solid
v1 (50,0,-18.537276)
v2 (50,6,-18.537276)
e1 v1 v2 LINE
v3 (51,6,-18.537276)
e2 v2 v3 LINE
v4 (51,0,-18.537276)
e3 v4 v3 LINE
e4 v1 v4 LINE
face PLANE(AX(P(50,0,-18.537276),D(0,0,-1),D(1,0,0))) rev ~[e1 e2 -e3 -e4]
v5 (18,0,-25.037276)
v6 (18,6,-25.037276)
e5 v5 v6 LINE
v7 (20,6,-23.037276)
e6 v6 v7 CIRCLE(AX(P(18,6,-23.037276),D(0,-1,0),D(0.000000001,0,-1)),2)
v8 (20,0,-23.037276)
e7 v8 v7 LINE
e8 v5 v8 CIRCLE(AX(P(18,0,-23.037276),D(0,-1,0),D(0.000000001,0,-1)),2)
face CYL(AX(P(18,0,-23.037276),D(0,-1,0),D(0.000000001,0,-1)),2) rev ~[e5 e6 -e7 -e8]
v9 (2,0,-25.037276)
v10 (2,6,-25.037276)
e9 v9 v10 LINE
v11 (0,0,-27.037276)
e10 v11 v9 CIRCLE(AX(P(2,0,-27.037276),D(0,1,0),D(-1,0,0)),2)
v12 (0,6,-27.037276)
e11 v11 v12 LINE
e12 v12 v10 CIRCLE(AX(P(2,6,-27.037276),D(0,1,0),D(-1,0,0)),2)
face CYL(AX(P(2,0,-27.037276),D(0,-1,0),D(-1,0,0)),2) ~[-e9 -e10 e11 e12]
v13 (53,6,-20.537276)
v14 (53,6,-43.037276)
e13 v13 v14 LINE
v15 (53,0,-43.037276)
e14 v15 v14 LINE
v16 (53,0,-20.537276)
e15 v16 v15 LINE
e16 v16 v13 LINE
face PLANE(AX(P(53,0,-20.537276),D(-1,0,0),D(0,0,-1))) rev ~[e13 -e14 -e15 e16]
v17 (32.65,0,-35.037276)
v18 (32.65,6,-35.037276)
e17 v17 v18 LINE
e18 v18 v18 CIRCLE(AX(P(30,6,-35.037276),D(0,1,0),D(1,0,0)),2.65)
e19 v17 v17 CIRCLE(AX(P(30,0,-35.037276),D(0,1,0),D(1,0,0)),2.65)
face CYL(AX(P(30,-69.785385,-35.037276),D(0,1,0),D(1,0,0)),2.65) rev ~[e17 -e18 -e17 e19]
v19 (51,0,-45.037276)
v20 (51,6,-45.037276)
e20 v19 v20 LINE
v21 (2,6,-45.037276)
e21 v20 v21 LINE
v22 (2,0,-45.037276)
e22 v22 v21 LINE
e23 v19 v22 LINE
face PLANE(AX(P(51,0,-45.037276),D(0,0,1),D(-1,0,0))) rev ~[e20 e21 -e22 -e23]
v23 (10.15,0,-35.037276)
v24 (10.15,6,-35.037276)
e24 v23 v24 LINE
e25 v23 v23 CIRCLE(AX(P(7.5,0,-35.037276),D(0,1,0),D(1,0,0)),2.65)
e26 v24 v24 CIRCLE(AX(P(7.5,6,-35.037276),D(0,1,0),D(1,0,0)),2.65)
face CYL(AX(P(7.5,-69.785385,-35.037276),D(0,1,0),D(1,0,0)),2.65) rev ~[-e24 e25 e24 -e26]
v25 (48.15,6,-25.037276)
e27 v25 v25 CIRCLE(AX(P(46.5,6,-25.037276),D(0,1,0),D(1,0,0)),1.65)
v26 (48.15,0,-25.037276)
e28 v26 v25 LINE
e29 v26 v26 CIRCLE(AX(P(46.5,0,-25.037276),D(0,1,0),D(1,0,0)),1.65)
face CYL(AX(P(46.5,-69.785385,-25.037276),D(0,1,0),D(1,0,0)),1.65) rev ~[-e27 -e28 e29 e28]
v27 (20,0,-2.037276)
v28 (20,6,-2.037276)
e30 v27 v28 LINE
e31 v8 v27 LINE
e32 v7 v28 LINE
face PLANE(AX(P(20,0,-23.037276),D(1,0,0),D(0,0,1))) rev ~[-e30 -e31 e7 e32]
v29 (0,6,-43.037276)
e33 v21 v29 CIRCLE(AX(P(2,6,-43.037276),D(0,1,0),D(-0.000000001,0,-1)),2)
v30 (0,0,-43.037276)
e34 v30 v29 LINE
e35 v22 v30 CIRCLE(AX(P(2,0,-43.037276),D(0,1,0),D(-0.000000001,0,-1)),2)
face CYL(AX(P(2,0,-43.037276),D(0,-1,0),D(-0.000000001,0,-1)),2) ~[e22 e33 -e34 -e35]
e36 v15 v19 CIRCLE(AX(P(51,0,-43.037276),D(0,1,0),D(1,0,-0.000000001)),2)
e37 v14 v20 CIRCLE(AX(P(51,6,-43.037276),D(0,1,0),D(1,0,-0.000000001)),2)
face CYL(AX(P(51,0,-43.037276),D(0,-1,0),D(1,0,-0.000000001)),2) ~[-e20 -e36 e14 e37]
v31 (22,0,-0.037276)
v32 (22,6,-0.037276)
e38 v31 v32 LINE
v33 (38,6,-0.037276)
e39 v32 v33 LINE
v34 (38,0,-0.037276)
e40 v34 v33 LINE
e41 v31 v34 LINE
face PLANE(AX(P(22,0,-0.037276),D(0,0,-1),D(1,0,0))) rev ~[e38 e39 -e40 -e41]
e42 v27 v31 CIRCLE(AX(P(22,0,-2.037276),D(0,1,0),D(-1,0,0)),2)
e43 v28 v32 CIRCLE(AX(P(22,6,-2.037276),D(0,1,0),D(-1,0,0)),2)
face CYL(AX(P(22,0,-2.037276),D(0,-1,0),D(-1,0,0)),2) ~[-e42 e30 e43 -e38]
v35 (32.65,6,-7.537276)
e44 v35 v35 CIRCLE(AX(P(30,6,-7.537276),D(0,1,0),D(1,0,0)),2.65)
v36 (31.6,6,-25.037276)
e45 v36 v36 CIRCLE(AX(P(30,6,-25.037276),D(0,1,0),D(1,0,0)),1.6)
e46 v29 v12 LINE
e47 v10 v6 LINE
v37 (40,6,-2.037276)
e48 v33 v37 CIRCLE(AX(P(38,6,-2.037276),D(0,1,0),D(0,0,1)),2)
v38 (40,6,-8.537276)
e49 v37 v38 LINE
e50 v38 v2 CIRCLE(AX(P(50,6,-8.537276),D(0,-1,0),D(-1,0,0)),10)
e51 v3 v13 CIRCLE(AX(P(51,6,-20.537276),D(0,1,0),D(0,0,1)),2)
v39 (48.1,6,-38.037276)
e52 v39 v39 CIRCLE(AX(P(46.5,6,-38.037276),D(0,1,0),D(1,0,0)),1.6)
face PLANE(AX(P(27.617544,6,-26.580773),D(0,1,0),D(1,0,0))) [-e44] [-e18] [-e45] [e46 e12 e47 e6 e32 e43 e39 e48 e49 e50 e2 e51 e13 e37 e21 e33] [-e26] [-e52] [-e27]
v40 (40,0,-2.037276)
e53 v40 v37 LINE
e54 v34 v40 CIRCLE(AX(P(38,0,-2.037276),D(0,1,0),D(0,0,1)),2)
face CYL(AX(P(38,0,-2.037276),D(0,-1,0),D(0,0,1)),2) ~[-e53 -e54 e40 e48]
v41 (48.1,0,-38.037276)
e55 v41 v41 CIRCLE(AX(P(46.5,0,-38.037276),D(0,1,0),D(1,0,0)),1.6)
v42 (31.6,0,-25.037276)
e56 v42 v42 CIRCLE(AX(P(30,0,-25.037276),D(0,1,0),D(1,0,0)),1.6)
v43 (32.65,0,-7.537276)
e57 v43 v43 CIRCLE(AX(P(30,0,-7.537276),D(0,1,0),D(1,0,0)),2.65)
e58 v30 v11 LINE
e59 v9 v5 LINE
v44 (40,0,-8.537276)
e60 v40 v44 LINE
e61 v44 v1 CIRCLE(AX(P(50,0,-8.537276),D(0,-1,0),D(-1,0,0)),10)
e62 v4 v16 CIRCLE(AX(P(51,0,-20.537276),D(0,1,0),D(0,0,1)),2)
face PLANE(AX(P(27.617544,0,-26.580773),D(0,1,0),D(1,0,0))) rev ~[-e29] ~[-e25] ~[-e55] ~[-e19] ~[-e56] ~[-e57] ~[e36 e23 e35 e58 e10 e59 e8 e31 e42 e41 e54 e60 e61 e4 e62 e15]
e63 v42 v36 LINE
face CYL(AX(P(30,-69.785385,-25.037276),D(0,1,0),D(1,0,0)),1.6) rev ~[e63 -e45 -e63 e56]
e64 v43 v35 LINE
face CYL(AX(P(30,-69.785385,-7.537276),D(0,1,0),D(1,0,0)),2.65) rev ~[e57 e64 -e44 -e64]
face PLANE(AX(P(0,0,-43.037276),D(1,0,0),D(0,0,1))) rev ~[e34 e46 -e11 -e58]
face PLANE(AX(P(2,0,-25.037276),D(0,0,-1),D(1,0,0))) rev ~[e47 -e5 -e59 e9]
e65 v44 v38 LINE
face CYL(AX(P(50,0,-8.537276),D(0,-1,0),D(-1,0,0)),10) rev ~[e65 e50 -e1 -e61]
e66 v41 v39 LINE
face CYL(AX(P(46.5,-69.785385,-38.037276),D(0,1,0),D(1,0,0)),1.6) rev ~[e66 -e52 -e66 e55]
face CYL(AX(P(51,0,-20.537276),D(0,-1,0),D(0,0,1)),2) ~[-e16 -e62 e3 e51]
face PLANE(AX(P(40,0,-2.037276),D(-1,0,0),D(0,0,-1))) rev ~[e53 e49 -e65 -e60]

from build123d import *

# Parameters (mm, degrees)
BOSS_EXTRUDE1_DEPTH   = 6
M5_CLEARANCE_HOLE1_D  = 5.3
M3_CLEARANCE_HOLE1_D  = 3.2
M4X0_7_TAPPED_HOLE1_D = 3.3


with BuildPart() as part:
    # Sketch1 → Boss-Extrude1 (new body)
    with BuildSketch(Plane(origin=(0, 0, 0), x_dir=(1, 0, 0), z_dir=(0, 1, 0))):
        with BuildLine():
            Line((22, 0.037275986), (38, 0.037275986))
            ThreePointArc((38, 0.037275986), (39.414213562, 0.623062423), (40, 2.037275986))
            Line((40, 2.037275986), (40, 8.537275986))
            ThreePointArc((40, 8.537275986), (42.928932188, 15.608343798), (50, 18.537275986))
            Line((50, 18.537275986), (51, 18.537275986))
            ThreePointArc((51, 18.537275986), (52.414213562, 19.123062423), (53, 20.537275986))
            Line((53, 20.537275986), (53, 43.037275986))
            ThreePointArc((53, 43.037275986), (52.414213562, 44.451489548), (51, 45.037275986))
            Line((51, 45.037275986), (2, 45.037275986))
            ThreePointArc((2, 45.037275986), (0.585786438, 44.451489548), (0, 43.037275986))
            Line((0, 43.037275986), (0, 27.037275986))
            ThreePointArc((0, 27.037275986), (0.585786438, 25.623062423), (2, 25.037275986))
            Line((2, 25.037275986), (18, 25.037275986))
            ThreePointArc((18, 25.037275986), (19.414213562, 24.451489548), (20, 23.037275986))
            Line((20, 23.037275986), (20, 2.037275986))
            ThreePointArc((20, 2.037275986), (20.585786438, 0.623062423), (22, 0.037275986))
        make_face()
    extrude(amount=BOSS_EXTRUDE1_DEPTH)

    # M5 Clearance Hole1 (through all)
    with Locations(Plane(origin=(0, 0, 0), x_dir=(-1, 0, 0), z_dir=(0, -1, 0))):
        with Locations((-7.5, 35.037275986), (-30, 35.037275986), (-30, 7.537275986)):
            Hole(M5_CLEARANCE_HOLE1_D / 2)

    # M3 Clearance Hole1 (through all)
    with Locations(Plane(origin=(0, 0, 0), x_dir=(-1, 0, 0), z_dir=(0, -1, 0))):
        with Locations((-30, 25.037275986), (-46.5, 38.037275986)):
            Hole(M3_CLEARANCE_HOLE1_D / 2)

    # M4x0.7 Tapped Hole1 (through all)
    with Locations(Plane(origin=(0, 0, 0), x_dir=(-1, 0, 0), z_dir=(0, -1, 0))):
        with Locations((-46.5, 25.037275986)):
            Hole(M4X0_7_TAPPED_HOLE1_D / 2)


solid = part.part
